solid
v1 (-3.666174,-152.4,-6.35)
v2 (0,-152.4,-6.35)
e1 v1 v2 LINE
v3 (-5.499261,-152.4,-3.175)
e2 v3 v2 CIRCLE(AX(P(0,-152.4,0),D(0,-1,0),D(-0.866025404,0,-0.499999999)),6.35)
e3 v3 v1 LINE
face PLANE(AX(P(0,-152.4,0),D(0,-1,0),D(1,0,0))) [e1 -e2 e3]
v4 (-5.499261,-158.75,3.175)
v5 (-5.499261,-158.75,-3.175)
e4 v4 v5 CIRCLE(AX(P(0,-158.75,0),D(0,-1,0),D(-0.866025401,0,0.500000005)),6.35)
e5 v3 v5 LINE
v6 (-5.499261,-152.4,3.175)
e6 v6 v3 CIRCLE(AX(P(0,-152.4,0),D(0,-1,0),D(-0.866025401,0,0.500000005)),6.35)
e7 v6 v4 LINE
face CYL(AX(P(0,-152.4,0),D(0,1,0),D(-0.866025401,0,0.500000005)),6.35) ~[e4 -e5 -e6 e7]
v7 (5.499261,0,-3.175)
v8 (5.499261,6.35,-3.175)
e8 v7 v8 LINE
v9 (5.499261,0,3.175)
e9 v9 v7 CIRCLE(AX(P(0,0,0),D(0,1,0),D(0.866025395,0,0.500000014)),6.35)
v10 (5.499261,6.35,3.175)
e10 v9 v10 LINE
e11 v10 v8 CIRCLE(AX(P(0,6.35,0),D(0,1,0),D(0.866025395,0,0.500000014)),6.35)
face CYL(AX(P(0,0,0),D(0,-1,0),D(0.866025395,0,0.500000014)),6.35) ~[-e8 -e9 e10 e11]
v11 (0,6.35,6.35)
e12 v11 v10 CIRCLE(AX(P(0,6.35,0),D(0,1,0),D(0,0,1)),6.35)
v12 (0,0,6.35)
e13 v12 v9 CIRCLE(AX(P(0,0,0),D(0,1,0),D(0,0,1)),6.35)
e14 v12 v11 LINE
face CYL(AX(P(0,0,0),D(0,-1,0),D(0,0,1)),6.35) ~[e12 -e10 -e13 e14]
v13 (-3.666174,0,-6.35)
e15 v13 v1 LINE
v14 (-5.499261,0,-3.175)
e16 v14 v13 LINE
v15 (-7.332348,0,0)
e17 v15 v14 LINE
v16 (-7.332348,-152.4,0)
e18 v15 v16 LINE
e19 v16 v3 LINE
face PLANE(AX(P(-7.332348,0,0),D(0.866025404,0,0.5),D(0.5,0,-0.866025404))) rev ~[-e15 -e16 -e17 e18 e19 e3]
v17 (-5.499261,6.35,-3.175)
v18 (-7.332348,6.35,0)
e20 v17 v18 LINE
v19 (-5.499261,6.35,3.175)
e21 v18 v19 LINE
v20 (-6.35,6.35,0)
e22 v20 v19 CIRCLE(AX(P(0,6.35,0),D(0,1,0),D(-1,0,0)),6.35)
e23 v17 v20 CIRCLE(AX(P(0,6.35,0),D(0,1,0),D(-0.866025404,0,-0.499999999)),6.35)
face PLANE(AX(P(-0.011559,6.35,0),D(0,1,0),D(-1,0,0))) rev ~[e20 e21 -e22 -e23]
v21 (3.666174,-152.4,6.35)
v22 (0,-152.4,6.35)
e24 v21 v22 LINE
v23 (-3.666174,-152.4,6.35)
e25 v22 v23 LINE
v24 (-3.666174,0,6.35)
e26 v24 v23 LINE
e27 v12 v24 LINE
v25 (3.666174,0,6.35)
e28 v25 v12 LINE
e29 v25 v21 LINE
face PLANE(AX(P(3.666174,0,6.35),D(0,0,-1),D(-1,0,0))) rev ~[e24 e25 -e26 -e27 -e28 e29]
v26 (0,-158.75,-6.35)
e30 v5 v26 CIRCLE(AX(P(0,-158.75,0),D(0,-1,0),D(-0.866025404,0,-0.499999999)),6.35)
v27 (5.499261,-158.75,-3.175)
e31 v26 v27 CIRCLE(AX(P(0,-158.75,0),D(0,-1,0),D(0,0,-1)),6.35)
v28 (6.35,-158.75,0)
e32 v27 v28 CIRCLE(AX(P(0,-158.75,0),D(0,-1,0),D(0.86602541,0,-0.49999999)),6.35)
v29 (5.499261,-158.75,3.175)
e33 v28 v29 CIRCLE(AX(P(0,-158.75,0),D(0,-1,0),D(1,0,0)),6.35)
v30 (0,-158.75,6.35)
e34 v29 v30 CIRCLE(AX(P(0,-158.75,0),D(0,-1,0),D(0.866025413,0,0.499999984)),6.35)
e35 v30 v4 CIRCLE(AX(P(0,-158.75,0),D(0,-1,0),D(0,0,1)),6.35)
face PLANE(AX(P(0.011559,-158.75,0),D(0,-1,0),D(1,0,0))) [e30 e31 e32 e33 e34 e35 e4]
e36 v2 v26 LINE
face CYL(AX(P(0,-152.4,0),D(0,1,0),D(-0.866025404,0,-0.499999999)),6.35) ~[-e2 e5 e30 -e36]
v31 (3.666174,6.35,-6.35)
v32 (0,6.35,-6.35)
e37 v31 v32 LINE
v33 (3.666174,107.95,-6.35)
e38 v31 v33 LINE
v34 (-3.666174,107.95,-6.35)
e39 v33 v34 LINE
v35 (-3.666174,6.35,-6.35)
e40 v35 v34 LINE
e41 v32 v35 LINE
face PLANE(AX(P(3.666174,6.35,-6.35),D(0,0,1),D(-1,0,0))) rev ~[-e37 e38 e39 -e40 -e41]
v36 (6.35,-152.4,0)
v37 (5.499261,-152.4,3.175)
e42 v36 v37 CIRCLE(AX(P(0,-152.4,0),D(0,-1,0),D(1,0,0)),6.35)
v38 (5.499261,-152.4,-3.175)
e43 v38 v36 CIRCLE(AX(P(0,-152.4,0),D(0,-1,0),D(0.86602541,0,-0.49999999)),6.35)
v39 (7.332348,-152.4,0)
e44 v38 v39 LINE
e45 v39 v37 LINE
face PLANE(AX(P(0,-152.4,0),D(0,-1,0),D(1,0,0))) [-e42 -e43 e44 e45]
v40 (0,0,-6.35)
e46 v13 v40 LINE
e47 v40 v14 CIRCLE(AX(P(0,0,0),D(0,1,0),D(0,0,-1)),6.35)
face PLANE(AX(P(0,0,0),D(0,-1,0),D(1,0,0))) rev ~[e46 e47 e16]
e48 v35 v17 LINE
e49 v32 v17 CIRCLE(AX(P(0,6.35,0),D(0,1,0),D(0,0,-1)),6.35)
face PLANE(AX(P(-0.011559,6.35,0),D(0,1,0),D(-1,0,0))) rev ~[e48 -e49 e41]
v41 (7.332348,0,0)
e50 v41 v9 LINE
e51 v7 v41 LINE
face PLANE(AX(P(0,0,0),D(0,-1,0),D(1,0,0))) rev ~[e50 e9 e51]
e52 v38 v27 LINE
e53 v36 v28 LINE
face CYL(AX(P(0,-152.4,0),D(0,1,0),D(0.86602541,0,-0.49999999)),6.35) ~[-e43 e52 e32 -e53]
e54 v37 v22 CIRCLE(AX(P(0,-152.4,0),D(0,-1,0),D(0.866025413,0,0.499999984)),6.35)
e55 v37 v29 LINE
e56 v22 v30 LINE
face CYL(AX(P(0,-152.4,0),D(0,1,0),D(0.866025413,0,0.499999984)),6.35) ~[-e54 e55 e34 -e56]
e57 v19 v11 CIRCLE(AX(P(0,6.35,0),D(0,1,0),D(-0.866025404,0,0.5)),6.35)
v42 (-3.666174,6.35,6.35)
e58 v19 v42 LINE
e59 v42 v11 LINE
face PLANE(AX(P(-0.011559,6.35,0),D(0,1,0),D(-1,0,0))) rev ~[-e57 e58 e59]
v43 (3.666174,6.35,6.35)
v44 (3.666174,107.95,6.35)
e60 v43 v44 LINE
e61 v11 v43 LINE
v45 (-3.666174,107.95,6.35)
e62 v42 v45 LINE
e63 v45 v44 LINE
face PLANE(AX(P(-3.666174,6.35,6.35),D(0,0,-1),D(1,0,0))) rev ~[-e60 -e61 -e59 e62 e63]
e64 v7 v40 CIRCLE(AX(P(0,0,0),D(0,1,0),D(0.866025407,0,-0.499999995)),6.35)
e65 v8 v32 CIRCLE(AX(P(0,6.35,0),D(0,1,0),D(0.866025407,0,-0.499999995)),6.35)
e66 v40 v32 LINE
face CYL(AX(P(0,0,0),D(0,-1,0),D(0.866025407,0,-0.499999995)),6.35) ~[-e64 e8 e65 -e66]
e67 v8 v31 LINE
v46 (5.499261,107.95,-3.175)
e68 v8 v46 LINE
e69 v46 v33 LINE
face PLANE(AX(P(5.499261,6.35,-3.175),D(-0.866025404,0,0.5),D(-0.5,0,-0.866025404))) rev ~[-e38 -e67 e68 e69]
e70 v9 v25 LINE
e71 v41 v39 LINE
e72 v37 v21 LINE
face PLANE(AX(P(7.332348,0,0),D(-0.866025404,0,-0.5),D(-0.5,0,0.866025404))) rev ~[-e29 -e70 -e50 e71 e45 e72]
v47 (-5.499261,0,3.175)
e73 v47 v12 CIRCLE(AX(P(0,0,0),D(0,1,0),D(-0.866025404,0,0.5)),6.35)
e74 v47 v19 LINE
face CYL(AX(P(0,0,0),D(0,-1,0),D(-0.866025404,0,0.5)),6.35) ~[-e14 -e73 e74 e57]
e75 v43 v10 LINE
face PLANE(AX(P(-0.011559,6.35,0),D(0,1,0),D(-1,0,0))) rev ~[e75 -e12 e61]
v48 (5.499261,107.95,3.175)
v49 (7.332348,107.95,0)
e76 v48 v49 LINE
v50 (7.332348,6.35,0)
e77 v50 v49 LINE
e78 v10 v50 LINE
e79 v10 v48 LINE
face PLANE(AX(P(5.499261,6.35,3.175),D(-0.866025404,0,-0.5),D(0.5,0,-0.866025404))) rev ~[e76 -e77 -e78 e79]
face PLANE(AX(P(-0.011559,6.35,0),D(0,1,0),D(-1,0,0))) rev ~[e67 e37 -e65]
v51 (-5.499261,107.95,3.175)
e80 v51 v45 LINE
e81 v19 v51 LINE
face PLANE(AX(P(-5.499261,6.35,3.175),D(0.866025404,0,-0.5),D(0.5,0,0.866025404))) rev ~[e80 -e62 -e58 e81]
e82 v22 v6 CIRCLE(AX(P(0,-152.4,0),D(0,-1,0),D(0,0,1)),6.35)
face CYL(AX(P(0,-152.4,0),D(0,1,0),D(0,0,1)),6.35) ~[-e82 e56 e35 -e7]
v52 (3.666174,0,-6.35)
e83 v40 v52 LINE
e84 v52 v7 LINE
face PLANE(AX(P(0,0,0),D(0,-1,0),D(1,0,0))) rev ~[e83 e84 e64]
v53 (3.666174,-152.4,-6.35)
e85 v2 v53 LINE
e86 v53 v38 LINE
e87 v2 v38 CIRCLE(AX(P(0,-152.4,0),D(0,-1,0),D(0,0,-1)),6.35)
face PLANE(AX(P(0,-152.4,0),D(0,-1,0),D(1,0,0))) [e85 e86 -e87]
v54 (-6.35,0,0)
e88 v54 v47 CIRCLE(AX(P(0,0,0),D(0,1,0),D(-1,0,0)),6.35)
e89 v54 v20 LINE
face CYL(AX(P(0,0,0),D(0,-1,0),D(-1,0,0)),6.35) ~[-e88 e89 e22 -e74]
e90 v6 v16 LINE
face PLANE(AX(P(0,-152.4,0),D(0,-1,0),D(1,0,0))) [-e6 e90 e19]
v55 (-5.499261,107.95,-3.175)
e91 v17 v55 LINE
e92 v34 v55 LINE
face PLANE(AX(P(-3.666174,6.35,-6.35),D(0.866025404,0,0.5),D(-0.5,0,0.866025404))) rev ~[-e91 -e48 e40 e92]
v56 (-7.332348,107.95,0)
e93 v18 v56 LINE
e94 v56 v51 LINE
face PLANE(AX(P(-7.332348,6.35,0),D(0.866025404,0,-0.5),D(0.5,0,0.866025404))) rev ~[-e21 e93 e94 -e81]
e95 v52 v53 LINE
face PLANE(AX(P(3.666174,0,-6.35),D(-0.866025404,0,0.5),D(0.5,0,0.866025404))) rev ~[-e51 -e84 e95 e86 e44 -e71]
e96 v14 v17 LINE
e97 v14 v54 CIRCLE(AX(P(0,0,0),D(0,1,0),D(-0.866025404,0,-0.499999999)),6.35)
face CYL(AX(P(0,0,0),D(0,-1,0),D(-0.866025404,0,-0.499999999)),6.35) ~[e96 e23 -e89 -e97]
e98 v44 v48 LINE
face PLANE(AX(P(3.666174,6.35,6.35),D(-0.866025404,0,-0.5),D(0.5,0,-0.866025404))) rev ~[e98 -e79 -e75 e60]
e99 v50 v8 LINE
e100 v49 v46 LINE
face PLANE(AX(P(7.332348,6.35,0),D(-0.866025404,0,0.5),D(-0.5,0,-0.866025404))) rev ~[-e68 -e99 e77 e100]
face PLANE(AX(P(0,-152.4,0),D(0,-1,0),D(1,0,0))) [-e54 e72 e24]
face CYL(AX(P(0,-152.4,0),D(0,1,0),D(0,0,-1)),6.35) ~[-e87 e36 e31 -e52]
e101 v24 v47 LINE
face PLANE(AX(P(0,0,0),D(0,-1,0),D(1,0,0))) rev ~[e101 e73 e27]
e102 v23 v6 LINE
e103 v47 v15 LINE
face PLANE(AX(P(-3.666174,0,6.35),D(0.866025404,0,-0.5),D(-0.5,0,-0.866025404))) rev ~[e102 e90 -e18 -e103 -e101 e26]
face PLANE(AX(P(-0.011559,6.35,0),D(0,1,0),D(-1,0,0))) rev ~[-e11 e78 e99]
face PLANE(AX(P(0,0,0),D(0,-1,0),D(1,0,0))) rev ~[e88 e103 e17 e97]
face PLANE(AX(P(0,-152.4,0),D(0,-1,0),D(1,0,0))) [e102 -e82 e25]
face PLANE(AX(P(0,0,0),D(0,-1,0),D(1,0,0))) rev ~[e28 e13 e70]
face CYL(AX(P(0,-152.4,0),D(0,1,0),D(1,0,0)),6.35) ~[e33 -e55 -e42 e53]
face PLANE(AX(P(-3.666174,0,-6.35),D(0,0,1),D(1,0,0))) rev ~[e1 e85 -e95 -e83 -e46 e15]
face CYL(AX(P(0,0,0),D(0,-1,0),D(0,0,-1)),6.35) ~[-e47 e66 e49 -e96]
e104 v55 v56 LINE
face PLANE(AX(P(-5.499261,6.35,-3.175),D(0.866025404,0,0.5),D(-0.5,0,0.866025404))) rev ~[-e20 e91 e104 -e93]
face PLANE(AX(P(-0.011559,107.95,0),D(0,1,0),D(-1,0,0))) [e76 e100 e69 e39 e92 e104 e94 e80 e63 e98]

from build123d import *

# Parameters (mm, degrees)
F1_DEPTH = 152.4
F3_DEPTH = 6.35
F5_DEPTH = 6.35
F7_DEPTH = 101.6


with BuildPart() as f1:
    # F0 (on Front) → F1 (new body)
    with BuildSketch(Plane.XZ):
        Polygon((-3.6661742094, -6.35), (3.6661742094, -6.35), (7.3323484187, 0), (3.6661742094, 6.35), (-3.6661742094, 6.35), (-7.3323484187, 0), align=None)
    extrude(amount=F1_DEPTH)

    # F2 (on face) → F3 (join)
    with BuildSketch(Plane.XZ.offset(152.4)):
        with BuildLine():
            ThreePointArc((5.499261351, -3.174999936), (6.1336290065, -1.6435009007), (6.35, 0))
            ThreePointArc((6.35, 0), (6.133629012, 1.6435008802), (5.4992613723, 3.1749998991))
            ThreePointArc((5.4992613723, 3.1749998991), (3.1750000504, 5.4992612849), (0, 6.35))
            ThreePointArc((0, 6.35), (-3.1749999838, 5.4992613234), (-5.4992612953, 3.1750000324))
            ThreePointArc((-5.4992612953, 3.1750000324), (-6.35, 2.13e-08), (-5.4992613166, -3.1749999956))
            ThreePointArc((-5.4992613166, -3.1749999956), (-3.1750000022, -5.4992613128), (0, -6.35))
            ThreePointArc((0, -6.35), (3.175000032, -5.4992612955), (5.499261351, -3.174999936))
        make_face()
    extrude(amount=F3_DEPTH)

    # F4 (on face) → F5 (join)
    with BuildSketch(Plane(origin=(0, 0, 0), x_dir=(-1, 0, 0), z_dir=(0, 1, 0))):
        with BuildLine():
            ThreePointArc((5.4992613166, -3.1749999956), (6.1336289976, -1.6435009339), (6.35, 0))
            ThreePointArc((6.35, 0), (6.1336289972, 1.6435009354), (5.499261315, 3.1749999983))
            ThreePointArc((5.499261315, 3.1749999983), (3.1750000009, 5.4992613135), (0, 6.35))
            ThreePointArc((0, 6.35), (-3.174999954, 5.4992613406), (-5.4992612609, 3.175000092))
            ThreePointArc((-5.4992612609, 3.175000092), (-6.35, 7.29e-08), (-5.4992613338, -3.1749999658))
            ThreePointArc((-5.4992613338, -3.1749999658), (-3.1750000171, -5.4992613042), (0, -6.35))
            ThreePointArc((0, -6.35), (3.1750000022, -5.4992613128), (5.4992613166, -3.1749999956))
        make_face()
    extrude(amount=F5_DEPTH)

    # F6 (on face) → F7 (join)
    with BuildSketch(Plane(origin=(0, 6.35, 0), x_dir=(-1, 0, 0), z_dir=(0, 1, 0))):
        with BuildLine():
            ThreePointArc((-5.4992611496, -3.1750002849), (-3.1749998554, -5.4992613975), (5e-09, -6.35))
            ThreePointArc((5e-09, -6.35), (3.174999908, -5.4992613672), (5.4992612052, -3.1750001884))
            ThreePointArc((5.4992612052, -3.1750001884), (6.1336289688, -1.6435010415), (6.35, 0))
            ThreePointArc((6.35, 0), (6.1336289832, 1.6435009877), (5.4992612609, 3.175000092))
            ThreePointArc((5.4992612609, 3.175000092), (3.174999954, 5.4992613406), (0, 6.35))
            ThreePointArc((0, 6.35), (-3.1750000802, 5.4992612677), (-5.4992614067, 3.1749998395))
            ThreePointArc((-5.4992614067, 3.1749998395), (-6.35, -2.571e-07), (-5.4992611496, -3.1750002849))
        make_face()
        with BuildLine():
            Line((5e-09, -6.35), (3.6661742094, -6.35))
            Line((3.6661742094, -6.35), (5.4992612052, -3.1750001884))
            ThreePointArc((5.4992612052, -3.1750001884), (3.174999908, -5.4992613672), (5e-09, -6.35))
        make_face()
        with BuildLine():
            ThreePointArc((6.35, 0), (6.1336289688, -1.6435010415), (5.4992612052, -3.1750001884))
            Line((5.4992612052, -3.1750001884), (7.3323484187, 0))
            Line((7.3323484187, 0), (5.4992612609, 3.175000092))
            ThreePointArc((5.4992612609, 3.175000092), (6.1336289832, 1.6435009877), (6.35, 0))
        make_face()
        with BuildLine():
            ThreePointArc((0, 6.35), (3.174999954, 5.4992613406), (5.4992612609, 3.175000092))
            Line((5.4992612609, 3.175000092), (3.6661742094, 6.35))
            Line((3.6661742094, 6.35), (0, 6.35))
        make_face()
        with BuildLine():
            Line((-3.6661742094, 6.35), (-5.4992614067, 3.1749998395))
            ThreePointArc((-5.4992614067, 3.1749998395), (-3.1750000802, 5.4992612677), (0, 6.35))
            Line((0, 6.35), (-3.6661742094, 6.35))
        make_face()
        with BuildLine():
            Line((-7.3323484187, 0), (-5.4992611496, -3.1750002849))
            ThreePointArc((-5.4992611496, -3.1750002849), (-6.35, -2.571e-07), (-5.4992614067, 3.1749998395))
            Line((-5.4992614067, 3.1749998395), (-7.3323484187, 0))
        make_face()
        with BuildLine():
            Line((-3.6661742094, -6.35), (5e-09, -6.35))
            ThreePointArc((5e-09, -6.35), (-3.1749998554, -5.4992613975), (-5.4992611496, -3.1750002849))
            Line((-5.4992611496, -3.1750002849), (-3.6661742094, -6.35))
        make_face()
    extrude(amount=F7_DEPTH)


solid = f1.part
